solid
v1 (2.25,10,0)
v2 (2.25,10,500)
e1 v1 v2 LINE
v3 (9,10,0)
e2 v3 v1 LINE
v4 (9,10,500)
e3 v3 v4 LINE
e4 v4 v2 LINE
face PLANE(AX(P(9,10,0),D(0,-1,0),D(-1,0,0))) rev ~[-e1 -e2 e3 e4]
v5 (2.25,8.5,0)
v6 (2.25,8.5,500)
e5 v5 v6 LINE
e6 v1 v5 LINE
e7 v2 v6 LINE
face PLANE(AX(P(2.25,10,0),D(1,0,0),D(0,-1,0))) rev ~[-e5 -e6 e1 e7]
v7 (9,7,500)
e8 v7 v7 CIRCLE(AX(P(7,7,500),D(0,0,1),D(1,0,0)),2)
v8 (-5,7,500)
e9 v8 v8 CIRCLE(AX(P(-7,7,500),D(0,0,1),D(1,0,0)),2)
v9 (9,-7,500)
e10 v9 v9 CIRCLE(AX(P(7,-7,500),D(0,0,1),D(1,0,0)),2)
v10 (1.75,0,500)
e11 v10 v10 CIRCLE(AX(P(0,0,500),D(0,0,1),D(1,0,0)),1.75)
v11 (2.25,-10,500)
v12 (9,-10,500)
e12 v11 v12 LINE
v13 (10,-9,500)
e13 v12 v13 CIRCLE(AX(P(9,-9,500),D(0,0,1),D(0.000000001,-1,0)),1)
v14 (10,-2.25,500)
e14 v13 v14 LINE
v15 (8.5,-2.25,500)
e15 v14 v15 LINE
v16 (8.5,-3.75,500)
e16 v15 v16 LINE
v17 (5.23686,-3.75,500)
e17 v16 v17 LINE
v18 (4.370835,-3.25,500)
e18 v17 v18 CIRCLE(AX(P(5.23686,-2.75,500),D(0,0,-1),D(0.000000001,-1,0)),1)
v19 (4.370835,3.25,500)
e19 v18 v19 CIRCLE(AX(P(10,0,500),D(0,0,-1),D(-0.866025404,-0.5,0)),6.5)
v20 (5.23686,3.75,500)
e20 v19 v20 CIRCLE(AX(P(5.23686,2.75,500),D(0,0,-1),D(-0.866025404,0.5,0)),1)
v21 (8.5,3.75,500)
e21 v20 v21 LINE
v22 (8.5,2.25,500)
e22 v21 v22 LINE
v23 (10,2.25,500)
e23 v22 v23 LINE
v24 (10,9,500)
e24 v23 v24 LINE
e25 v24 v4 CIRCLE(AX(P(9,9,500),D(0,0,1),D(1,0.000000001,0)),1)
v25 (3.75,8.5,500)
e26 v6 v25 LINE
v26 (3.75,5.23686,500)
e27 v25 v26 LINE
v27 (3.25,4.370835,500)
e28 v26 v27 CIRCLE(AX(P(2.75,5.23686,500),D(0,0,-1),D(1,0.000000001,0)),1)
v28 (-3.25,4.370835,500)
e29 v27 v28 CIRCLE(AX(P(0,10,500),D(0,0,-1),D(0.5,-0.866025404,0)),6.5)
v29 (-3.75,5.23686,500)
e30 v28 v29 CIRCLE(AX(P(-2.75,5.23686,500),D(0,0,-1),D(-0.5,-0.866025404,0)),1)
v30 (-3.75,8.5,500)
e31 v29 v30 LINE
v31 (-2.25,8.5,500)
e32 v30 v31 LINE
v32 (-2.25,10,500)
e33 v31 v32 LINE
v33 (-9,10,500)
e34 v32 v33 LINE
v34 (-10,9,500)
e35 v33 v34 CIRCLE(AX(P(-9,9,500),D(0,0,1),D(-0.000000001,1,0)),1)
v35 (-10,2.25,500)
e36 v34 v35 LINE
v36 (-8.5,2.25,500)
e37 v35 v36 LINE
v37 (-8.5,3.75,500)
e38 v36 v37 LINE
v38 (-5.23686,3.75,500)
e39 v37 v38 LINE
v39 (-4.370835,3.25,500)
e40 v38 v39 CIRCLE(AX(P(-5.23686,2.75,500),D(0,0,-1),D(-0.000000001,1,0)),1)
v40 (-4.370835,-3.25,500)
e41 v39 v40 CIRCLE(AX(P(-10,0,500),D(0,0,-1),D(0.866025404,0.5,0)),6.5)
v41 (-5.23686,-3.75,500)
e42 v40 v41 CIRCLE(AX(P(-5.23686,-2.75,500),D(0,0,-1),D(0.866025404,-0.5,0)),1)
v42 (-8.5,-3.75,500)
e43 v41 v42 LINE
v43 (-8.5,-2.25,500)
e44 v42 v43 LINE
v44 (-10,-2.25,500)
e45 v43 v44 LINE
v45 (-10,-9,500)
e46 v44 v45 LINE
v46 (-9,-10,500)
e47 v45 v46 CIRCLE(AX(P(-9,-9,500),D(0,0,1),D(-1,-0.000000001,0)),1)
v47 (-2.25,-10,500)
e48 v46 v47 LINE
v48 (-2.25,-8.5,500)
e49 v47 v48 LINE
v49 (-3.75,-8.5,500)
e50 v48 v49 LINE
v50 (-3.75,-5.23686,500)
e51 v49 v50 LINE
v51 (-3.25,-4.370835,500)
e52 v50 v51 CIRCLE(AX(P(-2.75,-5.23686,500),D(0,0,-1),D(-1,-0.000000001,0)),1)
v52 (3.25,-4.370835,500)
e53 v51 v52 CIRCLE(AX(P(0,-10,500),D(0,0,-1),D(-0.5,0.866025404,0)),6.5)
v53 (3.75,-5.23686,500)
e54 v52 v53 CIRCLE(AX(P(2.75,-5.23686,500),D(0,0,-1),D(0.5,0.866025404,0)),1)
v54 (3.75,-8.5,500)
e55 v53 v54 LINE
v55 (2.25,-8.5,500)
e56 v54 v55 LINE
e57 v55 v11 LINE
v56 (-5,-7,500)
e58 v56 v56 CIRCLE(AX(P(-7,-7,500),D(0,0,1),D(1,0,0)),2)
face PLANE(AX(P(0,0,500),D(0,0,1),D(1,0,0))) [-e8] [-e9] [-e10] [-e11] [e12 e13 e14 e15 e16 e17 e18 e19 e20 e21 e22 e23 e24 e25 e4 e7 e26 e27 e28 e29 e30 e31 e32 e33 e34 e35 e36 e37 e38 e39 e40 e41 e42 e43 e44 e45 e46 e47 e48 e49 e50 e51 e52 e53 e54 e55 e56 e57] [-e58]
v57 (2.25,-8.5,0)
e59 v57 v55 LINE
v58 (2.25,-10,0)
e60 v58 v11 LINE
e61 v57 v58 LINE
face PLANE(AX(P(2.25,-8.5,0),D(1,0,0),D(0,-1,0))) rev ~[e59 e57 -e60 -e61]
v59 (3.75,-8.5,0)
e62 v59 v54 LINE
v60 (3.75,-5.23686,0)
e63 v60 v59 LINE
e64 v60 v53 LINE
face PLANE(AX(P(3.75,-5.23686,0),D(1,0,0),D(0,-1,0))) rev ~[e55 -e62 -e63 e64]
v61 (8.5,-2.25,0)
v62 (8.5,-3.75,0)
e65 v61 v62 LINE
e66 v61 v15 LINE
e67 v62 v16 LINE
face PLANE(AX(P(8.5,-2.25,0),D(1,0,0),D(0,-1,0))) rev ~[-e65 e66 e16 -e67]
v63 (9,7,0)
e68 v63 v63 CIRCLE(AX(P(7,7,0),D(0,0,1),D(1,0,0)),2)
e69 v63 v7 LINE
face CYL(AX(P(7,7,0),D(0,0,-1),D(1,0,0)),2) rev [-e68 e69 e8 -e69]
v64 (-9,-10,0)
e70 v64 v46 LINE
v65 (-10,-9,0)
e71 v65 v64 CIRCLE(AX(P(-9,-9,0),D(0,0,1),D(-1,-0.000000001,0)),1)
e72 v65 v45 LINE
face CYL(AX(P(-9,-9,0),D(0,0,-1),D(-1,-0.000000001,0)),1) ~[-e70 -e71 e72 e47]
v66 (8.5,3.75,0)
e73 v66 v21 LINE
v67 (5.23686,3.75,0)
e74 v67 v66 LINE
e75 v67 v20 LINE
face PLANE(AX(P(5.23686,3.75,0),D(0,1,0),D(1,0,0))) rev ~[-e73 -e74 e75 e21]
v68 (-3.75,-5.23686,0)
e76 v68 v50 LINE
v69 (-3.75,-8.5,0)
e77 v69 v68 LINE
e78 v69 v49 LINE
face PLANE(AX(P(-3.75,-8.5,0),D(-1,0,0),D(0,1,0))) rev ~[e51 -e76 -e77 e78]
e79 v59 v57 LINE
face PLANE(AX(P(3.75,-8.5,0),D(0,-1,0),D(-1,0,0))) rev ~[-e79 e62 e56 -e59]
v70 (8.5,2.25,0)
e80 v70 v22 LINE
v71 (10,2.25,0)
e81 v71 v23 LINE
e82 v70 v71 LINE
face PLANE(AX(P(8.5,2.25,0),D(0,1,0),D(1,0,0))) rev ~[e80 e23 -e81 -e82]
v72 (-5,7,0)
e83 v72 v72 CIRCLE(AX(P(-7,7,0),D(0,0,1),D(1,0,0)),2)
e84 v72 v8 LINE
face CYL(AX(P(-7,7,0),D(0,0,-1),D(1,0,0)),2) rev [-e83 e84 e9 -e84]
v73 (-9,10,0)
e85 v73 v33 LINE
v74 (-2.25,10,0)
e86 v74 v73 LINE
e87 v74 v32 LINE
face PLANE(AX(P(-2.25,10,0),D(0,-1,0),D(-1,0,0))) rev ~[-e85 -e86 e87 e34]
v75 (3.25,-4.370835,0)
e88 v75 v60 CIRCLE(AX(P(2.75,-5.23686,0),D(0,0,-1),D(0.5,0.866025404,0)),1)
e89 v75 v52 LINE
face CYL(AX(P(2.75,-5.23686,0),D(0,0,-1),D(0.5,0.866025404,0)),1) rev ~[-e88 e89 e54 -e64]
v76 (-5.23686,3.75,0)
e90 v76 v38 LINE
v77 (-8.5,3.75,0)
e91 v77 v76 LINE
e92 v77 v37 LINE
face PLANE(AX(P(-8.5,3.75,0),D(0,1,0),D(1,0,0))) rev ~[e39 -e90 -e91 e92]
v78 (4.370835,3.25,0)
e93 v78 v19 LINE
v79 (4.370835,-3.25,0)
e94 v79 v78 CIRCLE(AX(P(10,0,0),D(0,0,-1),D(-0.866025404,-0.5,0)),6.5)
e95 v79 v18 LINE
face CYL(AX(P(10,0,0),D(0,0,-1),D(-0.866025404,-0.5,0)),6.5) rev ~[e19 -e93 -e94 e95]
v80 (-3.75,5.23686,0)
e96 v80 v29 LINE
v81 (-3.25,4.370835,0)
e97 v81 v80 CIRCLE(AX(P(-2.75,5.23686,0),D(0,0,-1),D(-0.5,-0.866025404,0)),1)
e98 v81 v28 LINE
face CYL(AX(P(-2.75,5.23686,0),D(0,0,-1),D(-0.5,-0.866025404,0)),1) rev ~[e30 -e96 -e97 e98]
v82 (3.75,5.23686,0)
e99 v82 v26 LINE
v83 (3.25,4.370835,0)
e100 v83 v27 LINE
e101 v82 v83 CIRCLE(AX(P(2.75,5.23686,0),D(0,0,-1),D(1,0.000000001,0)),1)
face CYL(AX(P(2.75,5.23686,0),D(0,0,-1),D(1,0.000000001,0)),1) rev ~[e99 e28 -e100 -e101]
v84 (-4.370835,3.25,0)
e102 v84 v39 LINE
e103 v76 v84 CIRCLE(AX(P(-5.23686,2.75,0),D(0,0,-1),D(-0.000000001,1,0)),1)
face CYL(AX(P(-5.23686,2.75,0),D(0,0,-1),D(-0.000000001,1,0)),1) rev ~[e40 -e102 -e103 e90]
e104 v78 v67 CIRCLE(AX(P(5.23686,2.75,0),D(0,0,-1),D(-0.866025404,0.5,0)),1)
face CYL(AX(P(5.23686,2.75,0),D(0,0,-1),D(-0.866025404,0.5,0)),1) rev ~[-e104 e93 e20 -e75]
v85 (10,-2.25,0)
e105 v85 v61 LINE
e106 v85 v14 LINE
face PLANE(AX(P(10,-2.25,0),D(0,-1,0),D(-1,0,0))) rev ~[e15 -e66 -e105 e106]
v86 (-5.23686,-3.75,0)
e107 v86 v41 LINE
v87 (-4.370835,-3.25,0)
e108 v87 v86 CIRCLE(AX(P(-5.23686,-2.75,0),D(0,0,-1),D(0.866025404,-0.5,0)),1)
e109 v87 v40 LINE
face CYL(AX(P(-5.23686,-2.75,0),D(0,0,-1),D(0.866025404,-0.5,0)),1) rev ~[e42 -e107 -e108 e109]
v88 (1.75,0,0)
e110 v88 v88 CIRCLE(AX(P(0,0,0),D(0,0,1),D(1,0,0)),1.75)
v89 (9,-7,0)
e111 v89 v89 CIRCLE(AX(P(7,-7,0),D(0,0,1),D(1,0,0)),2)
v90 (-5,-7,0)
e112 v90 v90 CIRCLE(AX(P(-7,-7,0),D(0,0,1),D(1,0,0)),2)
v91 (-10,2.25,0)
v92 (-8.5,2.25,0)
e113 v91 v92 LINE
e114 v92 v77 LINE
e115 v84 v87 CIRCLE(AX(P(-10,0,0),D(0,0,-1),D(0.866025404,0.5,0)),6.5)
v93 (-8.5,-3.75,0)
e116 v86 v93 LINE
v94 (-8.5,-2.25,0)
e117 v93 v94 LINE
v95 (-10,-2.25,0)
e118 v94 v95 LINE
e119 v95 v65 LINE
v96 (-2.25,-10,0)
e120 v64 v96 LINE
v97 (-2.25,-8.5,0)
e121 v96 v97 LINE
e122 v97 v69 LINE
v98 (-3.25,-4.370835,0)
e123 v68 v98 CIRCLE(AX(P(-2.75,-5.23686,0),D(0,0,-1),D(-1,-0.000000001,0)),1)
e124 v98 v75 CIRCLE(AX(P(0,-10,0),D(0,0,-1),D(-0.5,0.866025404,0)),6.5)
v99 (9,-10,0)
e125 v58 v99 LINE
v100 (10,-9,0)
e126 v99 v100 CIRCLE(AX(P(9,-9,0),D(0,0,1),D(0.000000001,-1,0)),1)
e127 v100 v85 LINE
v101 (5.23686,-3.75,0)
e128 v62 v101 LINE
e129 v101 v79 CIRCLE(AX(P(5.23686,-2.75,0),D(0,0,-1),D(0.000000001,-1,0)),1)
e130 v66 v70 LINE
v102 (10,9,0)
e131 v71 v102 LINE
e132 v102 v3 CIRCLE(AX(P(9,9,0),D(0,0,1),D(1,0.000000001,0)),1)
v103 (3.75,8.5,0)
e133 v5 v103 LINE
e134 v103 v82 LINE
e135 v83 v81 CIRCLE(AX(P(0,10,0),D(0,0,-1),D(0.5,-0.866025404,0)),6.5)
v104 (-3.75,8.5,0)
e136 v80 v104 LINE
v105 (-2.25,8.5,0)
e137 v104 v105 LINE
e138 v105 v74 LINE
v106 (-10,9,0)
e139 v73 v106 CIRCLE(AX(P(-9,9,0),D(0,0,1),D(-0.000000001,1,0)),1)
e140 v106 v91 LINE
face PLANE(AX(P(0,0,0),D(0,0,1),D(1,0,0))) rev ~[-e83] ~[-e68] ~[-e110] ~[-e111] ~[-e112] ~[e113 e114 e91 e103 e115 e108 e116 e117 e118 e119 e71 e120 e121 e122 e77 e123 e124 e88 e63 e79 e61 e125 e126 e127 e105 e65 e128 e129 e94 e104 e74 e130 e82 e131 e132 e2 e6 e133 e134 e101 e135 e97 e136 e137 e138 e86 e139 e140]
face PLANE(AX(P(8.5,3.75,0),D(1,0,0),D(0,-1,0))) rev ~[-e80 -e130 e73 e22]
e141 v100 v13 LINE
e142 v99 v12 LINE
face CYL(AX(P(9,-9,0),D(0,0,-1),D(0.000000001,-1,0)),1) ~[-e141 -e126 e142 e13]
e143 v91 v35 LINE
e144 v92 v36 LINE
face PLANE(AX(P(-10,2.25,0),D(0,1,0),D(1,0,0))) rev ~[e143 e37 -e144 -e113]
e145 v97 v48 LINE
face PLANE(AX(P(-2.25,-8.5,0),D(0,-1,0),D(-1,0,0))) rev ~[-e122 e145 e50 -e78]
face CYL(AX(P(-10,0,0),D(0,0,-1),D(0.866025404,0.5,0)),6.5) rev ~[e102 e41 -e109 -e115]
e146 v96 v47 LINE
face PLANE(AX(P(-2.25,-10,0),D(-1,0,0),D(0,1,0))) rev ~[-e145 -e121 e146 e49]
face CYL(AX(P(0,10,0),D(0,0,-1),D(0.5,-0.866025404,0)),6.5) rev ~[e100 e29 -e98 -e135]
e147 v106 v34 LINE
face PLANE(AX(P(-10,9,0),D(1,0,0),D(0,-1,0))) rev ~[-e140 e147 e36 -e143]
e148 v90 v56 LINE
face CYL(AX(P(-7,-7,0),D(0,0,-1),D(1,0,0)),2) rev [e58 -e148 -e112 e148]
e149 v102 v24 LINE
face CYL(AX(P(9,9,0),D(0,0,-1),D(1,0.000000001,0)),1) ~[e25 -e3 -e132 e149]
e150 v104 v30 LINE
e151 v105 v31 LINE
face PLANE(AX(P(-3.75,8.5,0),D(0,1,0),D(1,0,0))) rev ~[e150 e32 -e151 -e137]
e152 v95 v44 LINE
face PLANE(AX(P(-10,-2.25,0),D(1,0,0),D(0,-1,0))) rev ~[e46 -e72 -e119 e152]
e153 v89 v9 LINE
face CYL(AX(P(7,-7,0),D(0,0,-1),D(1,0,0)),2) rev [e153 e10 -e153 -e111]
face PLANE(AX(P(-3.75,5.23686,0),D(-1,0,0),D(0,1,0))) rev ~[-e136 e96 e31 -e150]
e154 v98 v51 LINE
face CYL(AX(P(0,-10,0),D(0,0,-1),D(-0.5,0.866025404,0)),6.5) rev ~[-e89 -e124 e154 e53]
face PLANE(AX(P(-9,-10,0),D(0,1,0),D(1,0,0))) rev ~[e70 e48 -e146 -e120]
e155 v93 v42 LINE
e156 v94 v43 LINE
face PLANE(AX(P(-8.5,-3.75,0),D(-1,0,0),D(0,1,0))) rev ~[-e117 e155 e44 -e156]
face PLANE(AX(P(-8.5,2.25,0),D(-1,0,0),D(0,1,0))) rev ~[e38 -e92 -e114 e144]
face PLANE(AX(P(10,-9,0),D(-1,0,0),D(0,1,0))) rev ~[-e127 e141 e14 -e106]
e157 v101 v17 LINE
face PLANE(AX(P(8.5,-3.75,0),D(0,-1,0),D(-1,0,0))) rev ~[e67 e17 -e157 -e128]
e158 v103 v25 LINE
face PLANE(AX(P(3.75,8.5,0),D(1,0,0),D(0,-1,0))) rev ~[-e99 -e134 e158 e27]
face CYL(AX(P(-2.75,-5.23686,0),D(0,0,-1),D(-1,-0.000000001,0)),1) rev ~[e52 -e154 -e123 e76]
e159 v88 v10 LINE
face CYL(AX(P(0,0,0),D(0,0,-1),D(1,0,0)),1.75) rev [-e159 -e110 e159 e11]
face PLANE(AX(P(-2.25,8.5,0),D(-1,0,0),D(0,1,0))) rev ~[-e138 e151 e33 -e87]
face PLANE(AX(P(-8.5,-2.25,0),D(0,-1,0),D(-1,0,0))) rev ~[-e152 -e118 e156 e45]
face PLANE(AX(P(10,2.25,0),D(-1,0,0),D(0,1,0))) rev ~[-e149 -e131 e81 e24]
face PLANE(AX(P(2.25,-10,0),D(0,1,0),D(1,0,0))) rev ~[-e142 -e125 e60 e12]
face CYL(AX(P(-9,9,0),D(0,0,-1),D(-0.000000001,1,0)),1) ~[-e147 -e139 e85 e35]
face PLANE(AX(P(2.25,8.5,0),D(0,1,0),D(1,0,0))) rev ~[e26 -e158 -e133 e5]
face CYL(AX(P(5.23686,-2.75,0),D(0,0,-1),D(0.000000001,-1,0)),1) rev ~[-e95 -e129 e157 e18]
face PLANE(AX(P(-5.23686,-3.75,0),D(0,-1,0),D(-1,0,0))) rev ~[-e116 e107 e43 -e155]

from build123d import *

# Parameters (mm, degrees)
SKETCH1_R           = 2
SKETCH1_R_2         = 1.75
BOSS_EXTRUDE1_DEPTH = 500


with BuildPart() as part:
    # Sketch1 → Boss-Extrude1 (new body)
    with BuildSketch(Plane.XY):
        with BuildLine():
            Line((-10, 9), (-10, 2.25))
            Line((-10, 2.25), (-8.5, 2.25))
            Line((-8.5, 2.25), (-8.5, 3.75))
            Line((-8.5, 3.75), (-5.236860279, 3.75))
            ThreePointArc((-5.236860279, 3.75), (-4.736860279, 3.616025404), (-4.370834875, 3.25))
            ThreePointArc((-4.370834875, 3.25), (-3.5, 0), (-4.370834875, -3.25))
            ThreePointArc((-4.370834875, -3.25), (-4.736860279, -3.616025404), (-5.236860279, -3.75))
            Line((-5.236860279, -3.75), (-8.5, -3.75))
            Line((-8.5, -3.75), (-8.5, -2.25))
            Line((-8.5, -2.25), (-10, -2.25))
            Line((-10, -2.25), (-10, -9))
            ThreePointArc((-10, -9), (-9.707106781, -9.707106781), (-9, -10))
            Line((-9, -10), (-2.25, -10))
            Line((-2.25, -10), (-2.25, -8.5))
            Line((-2.25, -8.5), (-3.75, -8.5))
            Line((-3.75, -8.5), (-3.75, -5.236860279))
            ThreePointArc((-3.75, -5.236860279), (-3.616025404, -4.736860279), (-3.25, -4.370834875))
            ThreePointArc((-3.25, -4.370834875), (0, -3.5), (3.25, -4.370834875))
            ThreePointArc((3.25, -4.370834875), (3.616025404, -4.736860279), (3.75, -5.236860279))
            Line((3.75, -5.236860279), (3.75, -8.5))
            Line((3.75, -8.5), (2.25, -8.5))
            Line((2.25, -8.5), (2.25, -10))
            Line((2.25, -10), (9, -10))
            ThreePointArc((9, -10), (9.707106781, -9.707106781), (10, -9))
            Line((10, -9), (10, -2.25))
            Line((10, -2.25), (8.5, -2.25))
            Line((8.5, -2.25), (8.5, -3.75))
            Line((8.5, -3.75), (5.236860279, -3.75))
            ThreePointArc((5.236860279, -3.75), (4.736860279, -3.616025404), (4.370834875, -3.25))
            ThreePointArc((4.370834875, -3.25), (3.5, 0), (4.370834875, 3.25))
            ThreePointArc((4.370834875, 3.25), (4.736860279, 3.616025404), (5.236860279, 3.75))
            Line((5.236860279, 3.75), (8.5, 3.75))
            Line((8.5, 3.75), (8.5, 2.25))
            Line((8.5, 2.25), (10, 2.25))
            Line((10, 2.25), (10, 9))
            ThreePointArc((10, 9), (9.707106781, 9.707106781), (9, 10))
            Line((9, 10), (2.25, 10))
            Line((2.25, 10), (2.25, 8.5))
            Line((2.25, 8.5), (3.75, 8.5))
            Line((3.75, 8.5), (3.75, 5.236860279))
            ThreePointArc((3.75, 5.236860279), (3.616025404, 4.736860279), (3.25, 4.370834875))
            ThreePointArc((3.25, 4.370834875), (0, 3.5), (-3.25, 4.370834875))
            ThreePointArc((-3.25, 4.370834875), (-3.616025404, 4.736860279), (-3.75, 5.236860279))
            Line((-3.75, 5.236860279), (-3.75, 8.5))
            Line((-3.75, 8.5), (-2.25, 8.5))
            Line((-2.25, 8.5), (-2.25, 10))
            Line((-2.25, 10), (-9, 10))
            ThreePointArc((-9, 10), (-9.707106781, 9.707106781), (-10, 9))
        make_face()
        with Locations((-7, -7)):
            Circle(SKETCH1_R, mode=Mode.SUBTRACT)
        with Locations((7, -7)):
            Circle(SKETCH1_R, mode=Mode.SUBTRACT)
        with Locations((7, 7)):
            Circle(SKETCH1_R, mode=Mode.SUBTRACT)
        Circle(SKETCH1_R_2, mode=Mode.SUBTRACT)
        with Locations((-7, 7)):
            Circle(SKETCH1_R, mode=Mode.SUBTRACT)
    extrude(amount=BOSS_EXTRUDE1_DEPTH)


solid = part.part
